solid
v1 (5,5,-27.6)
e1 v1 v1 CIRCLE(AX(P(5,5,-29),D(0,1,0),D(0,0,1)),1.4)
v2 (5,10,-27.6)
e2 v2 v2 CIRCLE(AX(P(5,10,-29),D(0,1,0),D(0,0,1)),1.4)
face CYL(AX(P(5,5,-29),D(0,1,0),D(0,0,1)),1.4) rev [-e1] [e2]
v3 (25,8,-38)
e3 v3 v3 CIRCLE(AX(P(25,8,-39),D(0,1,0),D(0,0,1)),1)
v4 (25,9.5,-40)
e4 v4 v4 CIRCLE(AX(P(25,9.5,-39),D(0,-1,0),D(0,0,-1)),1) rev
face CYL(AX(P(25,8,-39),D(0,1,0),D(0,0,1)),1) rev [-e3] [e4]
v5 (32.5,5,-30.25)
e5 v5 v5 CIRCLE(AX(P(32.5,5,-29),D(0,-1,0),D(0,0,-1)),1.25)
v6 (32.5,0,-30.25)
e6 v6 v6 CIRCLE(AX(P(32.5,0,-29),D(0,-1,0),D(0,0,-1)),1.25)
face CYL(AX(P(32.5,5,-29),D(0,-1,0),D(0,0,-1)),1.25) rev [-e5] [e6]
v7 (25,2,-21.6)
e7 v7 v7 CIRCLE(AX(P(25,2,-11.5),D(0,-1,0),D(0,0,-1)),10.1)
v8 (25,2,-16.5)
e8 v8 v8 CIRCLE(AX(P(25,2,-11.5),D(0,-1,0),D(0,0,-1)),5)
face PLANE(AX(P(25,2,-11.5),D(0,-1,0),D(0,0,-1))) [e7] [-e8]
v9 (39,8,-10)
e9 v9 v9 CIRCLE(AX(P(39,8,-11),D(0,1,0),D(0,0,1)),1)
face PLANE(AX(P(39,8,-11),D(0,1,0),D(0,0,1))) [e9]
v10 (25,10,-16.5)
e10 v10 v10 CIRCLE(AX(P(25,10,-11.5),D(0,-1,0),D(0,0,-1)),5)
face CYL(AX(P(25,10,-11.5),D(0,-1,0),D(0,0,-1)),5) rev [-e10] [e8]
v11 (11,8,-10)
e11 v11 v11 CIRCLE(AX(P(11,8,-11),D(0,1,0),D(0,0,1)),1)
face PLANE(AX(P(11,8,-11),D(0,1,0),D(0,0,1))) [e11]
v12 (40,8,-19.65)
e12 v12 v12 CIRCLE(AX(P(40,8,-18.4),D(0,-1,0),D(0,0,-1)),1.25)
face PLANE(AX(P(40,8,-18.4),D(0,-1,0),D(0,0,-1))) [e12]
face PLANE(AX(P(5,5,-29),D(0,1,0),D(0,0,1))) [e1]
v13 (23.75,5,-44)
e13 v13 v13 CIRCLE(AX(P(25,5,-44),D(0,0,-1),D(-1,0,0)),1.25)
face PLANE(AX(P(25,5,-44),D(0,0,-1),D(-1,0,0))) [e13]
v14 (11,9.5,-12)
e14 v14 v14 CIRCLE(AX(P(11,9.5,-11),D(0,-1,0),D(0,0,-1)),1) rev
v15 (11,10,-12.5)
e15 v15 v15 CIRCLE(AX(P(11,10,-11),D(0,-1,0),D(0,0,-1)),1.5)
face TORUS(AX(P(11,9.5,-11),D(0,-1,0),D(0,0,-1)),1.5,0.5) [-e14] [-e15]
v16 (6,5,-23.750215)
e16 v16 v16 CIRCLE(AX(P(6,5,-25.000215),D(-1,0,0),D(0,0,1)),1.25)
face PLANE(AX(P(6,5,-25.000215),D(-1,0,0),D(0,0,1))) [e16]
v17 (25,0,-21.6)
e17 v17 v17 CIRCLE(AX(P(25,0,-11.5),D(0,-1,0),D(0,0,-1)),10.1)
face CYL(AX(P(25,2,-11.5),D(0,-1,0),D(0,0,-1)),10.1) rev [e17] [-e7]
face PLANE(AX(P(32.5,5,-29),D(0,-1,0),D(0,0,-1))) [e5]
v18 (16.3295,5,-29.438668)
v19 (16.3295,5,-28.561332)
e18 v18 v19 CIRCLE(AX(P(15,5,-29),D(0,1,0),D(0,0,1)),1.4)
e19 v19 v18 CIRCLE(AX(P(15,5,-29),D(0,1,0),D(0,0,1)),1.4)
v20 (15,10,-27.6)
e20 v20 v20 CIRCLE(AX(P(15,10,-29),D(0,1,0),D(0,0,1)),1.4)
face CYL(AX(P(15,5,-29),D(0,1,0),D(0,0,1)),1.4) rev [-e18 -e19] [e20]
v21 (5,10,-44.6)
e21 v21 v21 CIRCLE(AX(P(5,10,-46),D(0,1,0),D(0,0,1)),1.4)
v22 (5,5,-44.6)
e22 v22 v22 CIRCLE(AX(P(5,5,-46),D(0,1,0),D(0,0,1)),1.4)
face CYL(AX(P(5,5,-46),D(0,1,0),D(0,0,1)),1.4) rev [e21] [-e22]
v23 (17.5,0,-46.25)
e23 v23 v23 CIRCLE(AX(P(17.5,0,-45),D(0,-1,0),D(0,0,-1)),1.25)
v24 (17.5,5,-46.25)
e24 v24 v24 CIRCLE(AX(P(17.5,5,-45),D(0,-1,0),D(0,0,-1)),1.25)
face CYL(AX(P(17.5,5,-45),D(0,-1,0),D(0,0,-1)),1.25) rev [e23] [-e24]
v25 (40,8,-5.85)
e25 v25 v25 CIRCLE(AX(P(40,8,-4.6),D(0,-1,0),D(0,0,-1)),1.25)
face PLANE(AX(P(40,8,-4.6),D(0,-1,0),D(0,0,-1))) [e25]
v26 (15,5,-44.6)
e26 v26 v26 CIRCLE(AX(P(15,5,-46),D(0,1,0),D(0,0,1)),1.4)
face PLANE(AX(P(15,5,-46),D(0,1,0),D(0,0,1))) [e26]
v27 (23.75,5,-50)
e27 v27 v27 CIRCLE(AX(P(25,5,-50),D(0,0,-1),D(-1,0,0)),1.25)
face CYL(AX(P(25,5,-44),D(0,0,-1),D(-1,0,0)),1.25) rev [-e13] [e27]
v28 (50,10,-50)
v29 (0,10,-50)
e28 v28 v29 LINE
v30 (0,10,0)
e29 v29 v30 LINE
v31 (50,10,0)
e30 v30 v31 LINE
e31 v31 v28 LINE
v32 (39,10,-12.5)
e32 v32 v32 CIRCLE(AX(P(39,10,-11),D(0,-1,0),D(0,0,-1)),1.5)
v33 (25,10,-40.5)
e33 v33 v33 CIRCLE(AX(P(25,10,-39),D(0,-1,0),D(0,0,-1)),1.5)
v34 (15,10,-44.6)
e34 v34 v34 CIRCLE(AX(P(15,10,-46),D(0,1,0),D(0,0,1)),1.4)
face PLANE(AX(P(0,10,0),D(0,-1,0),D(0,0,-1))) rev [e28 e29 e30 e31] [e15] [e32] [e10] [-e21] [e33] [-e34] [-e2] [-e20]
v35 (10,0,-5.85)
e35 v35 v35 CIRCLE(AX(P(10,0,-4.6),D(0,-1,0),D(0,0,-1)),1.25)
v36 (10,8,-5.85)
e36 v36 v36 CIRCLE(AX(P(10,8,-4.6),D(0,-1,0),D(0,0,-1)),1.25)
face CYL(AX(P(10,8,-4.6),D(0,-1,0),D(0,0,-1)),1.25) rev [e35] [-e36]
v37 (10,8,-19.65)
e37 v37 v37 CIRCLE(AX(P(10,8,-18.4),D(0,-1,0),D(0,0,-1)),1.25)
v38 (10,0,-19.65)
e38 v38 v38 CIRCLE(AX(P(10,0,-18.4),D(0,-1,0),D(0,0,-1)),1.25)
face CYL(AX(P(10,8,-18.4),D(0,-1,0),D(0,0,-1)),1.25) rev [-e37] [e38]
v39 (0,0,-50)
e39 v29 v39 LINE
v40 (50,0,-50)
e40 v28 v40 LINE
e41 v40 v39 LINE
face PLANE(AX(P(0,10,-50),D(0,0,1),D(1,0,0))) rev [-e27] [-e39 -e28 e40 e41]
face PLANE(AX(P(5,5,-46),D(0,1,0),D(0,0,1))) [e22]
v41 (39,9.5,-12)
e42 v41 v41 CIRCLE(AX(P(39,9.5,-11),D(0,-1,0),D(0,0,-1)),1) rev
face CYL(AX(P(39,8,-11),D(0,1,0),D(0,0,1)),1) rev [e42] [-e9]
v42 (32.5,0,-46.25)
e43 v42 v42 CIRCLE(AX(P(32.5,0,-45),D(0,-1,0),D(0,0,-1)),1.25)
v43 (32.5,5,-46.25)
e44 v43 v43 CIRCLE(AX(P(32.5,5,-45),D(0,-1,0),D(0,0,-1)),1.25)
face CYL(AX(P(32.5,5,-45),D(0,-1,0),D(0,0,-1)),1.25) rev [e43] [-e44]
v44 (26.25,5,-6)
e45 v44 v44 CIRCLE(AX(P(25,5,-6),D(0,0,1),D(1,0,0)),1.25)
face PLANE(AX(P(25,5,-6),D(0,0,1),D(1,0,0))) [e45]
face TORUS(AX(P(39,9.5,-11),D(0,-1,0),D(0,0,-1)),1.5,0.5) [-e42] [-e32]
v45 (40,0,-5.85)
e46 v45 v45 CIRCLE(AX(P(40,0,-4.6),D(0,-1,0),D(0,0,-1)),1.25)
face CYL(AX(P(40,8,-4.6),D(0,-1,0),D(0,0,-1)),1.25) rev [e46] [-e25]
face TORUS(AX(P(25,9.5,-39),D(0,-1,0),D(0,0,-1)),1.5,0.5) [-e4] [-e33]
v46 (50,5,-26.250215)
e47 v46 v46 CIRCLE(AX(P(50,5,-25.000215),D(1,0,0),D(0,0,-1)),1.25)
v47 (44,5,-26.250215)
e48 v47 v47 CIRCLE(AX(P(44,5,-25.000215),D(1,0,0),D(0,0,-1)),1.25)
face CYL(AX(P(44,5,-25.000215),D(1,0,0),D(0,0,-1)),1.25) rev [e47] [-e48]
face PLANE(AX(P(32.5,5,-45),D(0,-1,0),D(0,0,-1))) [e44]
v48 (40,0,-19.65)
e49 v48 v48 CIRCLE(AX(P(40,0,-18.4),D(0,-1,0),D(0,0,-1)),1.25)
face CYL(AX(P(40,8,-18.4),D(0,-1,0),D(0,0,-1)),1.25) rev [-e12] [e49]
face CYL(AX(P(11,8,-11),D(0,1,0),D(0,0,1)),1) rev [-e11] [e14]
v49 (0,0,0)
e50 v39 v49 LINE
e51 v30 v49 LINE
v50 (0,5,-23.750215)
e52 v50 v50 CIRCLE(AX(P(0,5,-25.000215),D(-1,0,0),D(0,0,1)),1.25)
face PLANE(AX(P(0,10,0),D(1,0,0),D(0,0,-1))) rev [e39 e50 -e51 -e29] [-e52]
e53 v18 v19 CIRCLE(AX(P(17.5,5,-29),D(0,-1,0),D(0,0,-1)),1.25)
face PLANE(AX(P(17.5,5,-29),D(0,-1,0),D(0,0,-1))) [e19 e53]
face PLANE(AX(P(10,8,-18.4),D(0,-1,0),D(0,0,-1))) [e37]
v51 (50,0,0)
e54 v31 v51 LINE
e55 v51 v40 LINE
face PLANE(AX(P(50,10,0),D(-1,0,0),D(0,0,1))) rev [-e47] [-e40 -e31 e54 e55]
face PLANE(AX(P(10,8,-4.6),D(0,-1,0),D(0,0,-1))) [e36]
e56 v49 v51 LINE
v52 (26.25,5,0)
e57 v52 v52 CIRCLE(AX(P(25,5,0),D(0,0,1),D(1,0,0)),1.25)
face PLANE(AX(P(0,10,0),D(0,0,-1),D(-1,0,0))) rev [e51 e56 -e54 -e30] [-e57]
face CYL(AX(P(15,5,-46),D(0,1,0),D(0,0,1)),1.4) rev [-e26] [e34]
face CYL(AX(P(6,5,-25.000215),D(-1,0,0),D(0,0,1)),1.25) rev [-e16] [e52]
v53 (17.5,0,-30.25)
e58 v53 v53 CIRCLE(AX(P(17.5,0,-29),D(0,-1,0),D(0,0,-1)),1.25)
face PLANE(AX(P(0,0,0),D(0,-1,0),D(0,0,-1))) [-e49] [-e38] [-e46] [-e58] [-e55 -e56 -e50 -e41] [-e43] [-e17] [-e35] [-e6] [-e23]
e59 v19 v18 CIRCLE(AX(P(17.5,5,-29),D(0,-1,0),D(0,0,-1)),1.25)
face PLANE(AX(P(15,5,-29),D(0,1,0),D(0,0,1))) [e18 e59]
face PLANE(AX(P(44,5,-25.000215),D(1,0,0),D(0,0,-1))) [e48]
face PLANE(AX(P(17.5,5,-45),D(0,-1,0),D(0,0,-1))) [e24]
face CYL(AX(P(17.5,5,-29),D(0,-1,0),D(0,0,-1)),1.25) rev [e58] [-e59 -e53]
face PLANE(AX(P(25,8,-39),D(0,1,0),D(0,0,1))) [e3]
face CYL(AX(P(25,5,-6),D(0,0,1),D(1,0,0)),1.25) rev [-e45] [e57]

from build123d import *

# Parameters (mm, degrees)
SKETCH_1_W           = 50
SKETCH_1_H           = 50
EXTRUDE_1_DEPTH      = 10
SKETCH_6_R           = 10.1
CUT_EXTRUDE_4_DEPTH  = 2
SKETCH_7_R           = 5
CUT_EXTRUDE_5_DEPTH  = 72.161787499
SKETCH_10_R          = 1
CUT_EXTRUDE_6_DEPTH  = 2
SKETCH_11_R          = 1.25
CUT_EXTRUDE_7_DEPTH  = 8
SKETCH_12_R          = 1.4
CUT_EXTRUDE_8_DEPTH  = 5
FILLET_1_R           = 0.5
SKETCH_13_R          = 1.25
CUT_EXTRUDE_9_DEPTH  = 5
SKETCH_14_R          = 1.25
CUT_EXTRUDE_11_DEPTH = 6
CUT_EXTRUDE_START    = -6
SKETCH_15_R          = 1.25
CUT_EXTRUDE_12_DEPTH = 6
SKETCH_16_R          = 1.25
CUT_EXTRUDE_13_DEPTH = 6
SKETCH_17_R          = 1.25
CUT_EXTRUDE_14_DEPTH = 6


with BuildPart() as part:
    # 草图1 → 凸台-拉伸1 (new body)
    with BuildSketch(Plane(origin=(0, 0, 0), x_dir=(1, 0, 0), z_dir=(0, 1, 0))):
        with Locations((25, 25)):
            Rectangle(SKETCH_1_W, SKETCH_1_H)
    extrude(amount=EXTRUDE_1_DEPTH)

    # 草图6 → 切除-拉伸4 (cut)
    with BuildSketch(Plane(origin=(0, 0, 0), x_dir=(-1, 0, 0), z_dir=(0, -1, 0))):
        with Locations(Location((-25, 11.5, 0), (0, 0, 90))):
            Circle(SKETCH_6_R)
    extrude(amount=-CUT_EXTRUDE_4_DEPTH, mode=Mode.SUBTRACT)

    # 草图7 → 切除-拉伸5 (cut, through all)
    with BuildSketch(Plane(origin=(0, 2, 0), x_dir=(-1, 0, 0), z_dir=(0, -1, 0))):
        with Locations(Location((-25, 11.5, 0), (0, 0, 90))):
            Circle(SKETCH_7_R)
    extrude(amount=-CUT_EXTRUDE_5_DEPTH, mode=Mode.SUBTRACT)

    # 草图10 → 切除-拉伸6 (cut)
    with BuildSketch(Plane(origin=(0, 10, 0), x_dir=(1, 0, 0), z_dir=(0, 1, 0))):
        with Locations(Location((25, 39, 0), (0, 0, 270))):
            Circle(SKETCH_10_R)
        with Locations(Location((11, 11, 0), (0, 0, 270))):
            Circle(SKETCH_10_R)
        with Locations(Location((39, 11, 0), (0, 0, 270))):
            Circle(SKETCH_10_R)
    extrude(amount=-CUT_EXTRUDE_6_DEPTH, mode=Mode.SUBTRACT)

    # 草图11 → 切除-拉伸7 (cut)
    with BuildSketch(Plane(origin=(0, 0, 0), x_dir=(-1, 0, 0), z_dir=(0, -1, 0))):
        with Locations(Location((-40, 18.4, 0), (0, 0, 90))):
            Circle(SKETCH_11_R)
        with Locations(Location((-40, 4.6, 0), (0, 0, 90))):
            Circle(SKETCH_11_R)
        with Locations(Location((-10, 18.4, 0), (0, 0, 90))):
            Circle(SKETCH_11_R)
        with Locations(Location((-10, 4.6, 0), (0, 0, 90))):
            Circle(SKETCH_11_R)
    extrude(amount=-CUT_EXTRUDE_7_DEPTH, mode=Mode.SUBTRACT)

    # 草图12 → 切除-拉伸8 (cut)
    with BuildSketch(Plane(origin=(0, 10, 0), x_dir=(1, 0, 0), z_dir=(0, 1, 0))):
        with Locations(Location((15, 29, 0), (0, 0, 270))):
            Circle(SKETCH_12_R)
        with Locations(Location((5, 29, 0), (0, 0, 270))):
            Circle(SKETCH_12_R)
        with Locations(Location((15, 46, 0), (0, 0, 270))):
            Circle(SKETCH_12_R)
        with Locations(Location((5, 46, 0), (0, 0, 270))):
            Circle(SKETCH_12_R)
    extrude(amount=-CUT_EXTRUDE_8_DEPTH, mode=Mode.SUBTRACT)

    # 圆角1
    fillet_1_edges = [part.edges().sort_by_distance(p)[0] for p in [
        (25, 10, -40),
        (11, 10, -12),
        (39, 10, -12),
    ]]
    fillet(fillet_1_edges, radius=FILLET_1_R)

    # 草图13 → 切除-拉伸9 (cut)
    with BuildSketch(Plane(origin=(0, 0, 0), x_dir=(-1, 0, 0), z_dir=(0, -1, 0))):
        with Locations(Location((-17.5, 29, 0), (0, 0, 90))):
            Circle(SKETCH_13_R)
        with Locations(Location((-32.5, 29, 0), (0, 0, 90))):
            Circle(SKETCH_13_R)
        with Locations(Location((-17.5, 45, 0), (0, 0, 90))):
            Circle(SKETCH_13_R)
        with Locations(Location((-32.5, 45, 0), (0, 0, 90))):
            Circle(SKETCH_13_R)
    extrude(amount=-CUT_EXTRUDE_9_DEPTH, mode=Mode.SUBTRACT)

    # 草图14 → 切除-拉伸11 (cut)
    with BuildSketch(Plane.ZY):
        with Locations((-25.000214672, 5)):
            Circle(SKETCH_14_R)
    extrude(amount=-CUT_EXTRUDE_11_DEPTH, mode=Mode.SUBTRACT)

    # 草图15 → 切除-拉伸12 (cut)
    with BuildSketch(Plane(origin=(50, 0, 0), x_dir=(0, 0, -1), z_dir=(1, 0, 0)).offset(CUT_EXTRUDE_START)):
        with Locations(Location((25.000214672, 5, 0), (0, 0, 180))):
            Circle(SKETCH_15_R)
    extrude(amount=CUT_EXTRUDE_12_DEPTH, mode=Mode.SUBTRACT)

    # 草图16 → 切除-拉伸13 (cut)
    with BuildSketch(Plane(origin=(0, 0, -50), x_dir=(-1, 0, 0), z_dir=(0, 0, -1))):
        with Locations((-25, 5)):
            Circle(SKETCH_16_R)
    extrude(amount=-CUT_EXTRUDE_13_DEPTH, mode=Mode.SUBTRACT)

    # 草图17 → 切除-拉伸14 (cut)
    with BuildSketch(Plane.XY.offset(CUT_EXTRUDE_START)):
        with Locations(Location((25, 5, 0), (0, 0, 180))):
            Circle(SKETCH_17_R)
    extrude(amount=CUT_EXTRUDE_14_DEPTH, mode=Mode.SUBTRACT)


solid = part.part
